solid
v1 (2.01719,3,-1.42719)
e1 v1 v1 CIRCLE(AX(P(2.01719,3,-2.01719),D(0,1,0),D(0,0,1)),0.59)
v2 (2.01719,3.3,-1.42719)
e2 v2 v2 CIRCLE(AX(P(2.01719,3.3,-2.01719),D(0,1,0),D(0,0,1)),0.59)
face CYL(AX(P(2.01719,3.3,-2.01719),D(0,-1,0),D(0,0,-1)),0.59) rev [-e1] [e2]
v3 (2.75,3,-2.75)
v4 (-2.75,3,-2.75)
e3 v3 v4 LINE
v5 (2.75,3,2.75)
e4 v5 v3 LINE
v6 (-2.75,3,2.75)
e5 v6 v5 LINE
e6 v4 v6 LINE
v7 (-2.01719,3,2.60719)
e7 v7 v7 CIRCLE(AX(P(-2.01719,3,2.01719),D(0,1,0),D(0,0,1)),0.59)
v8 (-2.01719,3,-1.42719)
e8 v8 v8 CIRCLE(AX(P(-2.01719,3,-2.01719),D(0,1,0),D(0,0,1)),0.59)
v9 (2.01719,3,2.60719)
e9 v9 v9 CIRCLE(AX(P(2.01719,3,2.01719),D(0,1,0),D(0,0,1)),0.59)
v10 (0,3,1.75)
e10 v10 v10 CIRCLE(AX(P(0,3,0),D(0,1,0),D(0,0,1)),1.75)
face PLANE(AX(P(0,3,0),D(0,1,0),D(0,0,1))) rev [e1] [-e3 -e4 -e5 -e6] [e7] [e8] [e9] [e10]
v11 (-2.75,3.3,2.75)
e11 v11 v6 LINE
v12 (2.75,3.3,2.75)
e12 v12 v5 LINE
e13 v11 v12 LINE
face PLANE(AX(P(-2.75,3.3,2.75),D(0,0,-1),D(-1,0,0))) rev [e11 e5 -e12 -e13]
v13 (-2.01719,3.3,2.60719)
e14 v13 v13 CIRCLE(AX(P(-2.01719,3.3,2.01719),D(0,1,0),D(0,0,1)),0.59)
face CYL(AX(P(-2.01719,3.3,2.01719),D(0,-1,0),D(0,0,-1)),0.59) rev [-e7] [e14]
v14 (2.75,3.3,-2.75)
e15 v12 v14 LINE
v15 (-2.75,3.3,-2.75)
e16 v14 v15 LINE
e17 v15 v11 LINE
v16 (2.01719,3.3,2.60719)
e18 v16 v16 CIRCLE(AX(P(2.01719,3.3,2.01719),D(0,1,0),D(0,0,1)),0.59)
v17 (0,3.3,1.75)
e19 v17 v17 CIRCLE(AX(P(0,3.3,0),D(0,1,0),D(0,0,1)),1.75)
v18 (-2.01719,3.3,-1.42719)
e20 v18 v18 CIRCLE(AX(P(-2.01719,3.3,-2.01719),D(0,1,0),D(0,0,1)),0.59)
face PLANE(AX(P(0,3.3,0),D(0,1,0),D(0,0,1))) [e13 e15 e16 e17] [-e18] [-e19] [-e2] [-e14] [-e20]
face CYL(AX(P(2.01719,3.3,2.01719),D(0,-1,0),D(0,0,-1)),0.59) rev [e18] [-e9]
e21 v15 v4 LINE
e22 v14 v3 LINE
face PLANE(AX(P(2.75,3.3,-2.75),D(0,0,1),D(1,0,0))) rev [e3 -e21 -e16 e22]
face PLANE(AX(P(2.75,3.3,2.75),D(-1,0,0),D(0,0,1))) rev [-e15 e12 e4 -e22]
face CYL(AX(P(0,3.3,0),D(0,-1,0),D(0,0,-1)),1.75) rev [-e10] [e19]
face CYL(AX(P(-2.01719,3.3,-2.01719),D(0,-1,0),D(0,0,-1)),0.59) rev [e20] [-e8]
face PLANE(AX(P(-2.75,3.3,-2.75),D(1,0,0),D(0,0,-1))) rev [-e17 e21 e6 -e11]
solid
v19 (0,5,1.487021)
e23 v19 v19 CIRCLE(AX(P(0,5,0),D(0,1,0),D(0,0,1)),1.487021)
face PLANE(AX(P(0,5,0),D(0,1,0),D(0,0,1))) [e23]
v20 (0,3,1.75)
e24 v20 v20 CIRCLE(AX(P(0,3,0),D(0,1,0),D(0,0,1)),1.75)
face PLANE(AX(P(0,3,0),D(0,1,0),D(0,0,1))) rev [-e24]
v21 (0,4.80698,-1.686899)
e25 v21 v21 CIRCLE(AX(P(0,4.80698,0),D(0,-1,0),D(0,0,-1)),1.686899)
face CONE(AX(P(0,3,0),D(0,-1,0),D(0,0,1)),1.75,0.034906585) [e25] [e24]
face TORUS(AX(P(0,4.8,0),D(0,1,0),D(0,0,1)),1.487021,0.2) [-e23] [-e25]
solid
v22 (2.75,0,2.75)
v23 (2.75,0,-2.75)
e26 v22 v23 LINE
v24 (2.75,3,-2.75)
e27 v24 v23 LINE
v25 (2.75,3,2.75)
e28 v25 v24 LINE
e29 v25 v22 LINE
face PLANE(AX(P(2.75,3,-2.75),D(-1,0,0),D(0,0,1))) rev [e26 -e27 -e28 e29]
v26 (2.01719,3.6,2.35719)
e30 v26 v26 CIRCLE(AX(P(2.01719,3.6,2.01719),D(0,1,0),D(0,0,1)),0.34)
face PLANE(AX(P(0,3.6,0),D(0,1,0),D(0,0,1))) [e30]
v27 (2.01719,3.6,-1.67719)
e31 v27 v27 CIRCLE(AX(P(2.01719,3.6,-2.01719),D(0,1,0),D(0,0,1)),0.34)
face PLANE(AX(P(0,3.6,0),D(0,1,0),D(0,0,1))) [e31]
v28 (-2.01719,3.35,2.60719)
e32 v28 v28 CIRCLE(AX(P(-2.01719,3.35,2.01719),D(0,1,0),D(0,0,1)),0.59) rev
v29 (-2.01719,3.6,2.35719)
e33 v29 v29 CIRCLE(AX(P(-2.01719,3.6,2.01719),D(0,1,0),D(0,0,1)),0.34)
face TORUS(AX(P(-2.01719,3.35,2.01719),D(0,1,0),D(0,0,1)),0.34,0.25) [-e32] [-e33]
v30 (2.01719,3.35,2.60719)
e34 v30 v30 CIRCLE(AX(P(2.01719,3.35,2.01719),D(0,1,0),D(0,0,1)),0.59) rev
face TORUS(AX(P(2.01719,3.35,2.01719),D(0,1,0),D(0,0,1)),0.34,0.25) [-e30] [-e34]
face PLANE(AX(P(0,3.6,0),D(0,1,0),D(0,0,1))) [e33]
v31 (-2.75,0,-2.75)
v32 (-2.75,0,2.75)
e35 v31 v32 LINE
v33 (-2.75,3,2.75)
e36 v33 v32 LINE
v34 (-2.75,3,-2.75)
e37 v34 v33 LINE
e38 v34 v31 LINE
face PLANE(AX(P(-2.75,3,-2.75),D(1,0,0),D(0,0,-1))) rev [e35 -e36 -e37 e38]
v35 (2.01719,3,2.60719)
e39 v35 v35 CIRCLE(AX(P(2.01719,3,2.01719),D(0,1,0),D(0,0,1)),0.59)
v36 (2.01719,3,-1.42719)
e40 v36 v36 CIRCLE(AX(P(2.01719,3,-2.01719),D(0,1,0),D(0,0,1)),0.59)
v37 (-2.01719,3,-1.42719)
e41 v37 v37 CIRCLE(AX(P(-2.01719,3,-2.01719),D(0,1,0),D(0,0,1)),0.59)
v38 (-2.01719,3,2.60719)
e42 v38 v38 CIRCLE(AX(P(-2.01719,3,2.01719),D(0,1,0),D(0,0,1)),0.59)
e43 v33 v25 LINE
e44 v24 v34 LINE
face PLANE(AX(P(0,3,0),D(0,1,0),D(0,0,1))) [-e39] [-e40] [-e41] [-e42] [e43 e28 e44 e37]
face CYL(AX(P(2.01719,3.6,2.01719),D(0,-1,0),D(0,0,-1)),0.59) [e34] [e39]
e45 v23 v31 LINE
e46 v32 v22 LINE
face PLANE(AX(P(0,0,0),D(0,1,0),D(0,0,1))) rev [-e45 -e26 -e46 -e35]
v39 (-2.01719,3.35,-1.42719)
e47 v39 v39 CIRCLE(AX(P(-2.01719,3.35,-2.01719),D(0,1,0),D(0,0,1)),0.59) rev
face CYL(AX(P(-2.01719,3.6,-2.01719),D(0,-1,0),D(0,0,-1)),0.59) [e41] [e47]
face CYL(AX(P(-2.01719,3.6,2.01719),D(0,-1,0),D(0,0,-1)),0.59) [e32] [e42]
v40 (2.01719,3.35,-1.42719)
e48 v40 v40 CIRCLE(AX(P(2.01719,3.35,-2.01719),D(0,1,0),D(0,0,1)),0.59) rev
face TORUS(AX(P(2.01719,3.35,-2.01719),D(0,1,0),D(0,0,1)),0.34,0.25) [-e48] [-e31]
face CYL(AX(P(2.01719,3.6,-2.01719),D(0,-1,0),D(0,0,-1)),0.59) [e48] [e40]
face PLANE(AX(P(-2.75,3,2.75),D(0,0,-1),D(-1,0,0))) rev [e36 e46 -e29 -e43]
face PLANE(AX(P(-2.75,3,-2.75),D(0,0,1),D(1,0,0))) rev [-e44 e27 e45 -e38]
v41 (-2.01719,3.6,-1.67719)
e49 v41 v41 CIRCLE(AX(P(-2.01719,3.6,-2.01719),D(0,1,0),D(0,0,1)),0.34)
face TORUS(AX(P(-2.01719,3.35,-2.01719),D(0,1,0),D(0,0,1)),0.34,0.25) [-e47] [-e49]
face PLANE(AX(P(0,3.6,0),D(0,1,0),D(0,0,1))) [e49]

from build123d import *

# Parameters (mm, degrees)
SKETCH1_W           = 5.5
SKETCH1_H           = 5.5
BOSS_EXTRUDE1_DEPTH = 3
SKETCH2_W           = 5.5
SKETCH2_H           = 5.5
SKETCH2_R           = 1.75
SKETCH2_R_2         = 0.59
BOSS_EXTRUDE2_DEPTH = 0.3
SKETCH2_2_R         = 0.59
BOSS_EXTRUDE3_DEPTH = 0.6
SKETCH2_3_R         = 1.75
BOSS_EXTRUDE4_DEPTH = 2
BOSS_EXTRUDE4_TAPER = 2
FILLET1_R           = 0.25
FILLET2_R           = 0.2


with BuildPart() as part:
    # Sketch1 → Boss-Extrude1 (new body)
    with BuildSketch(Plane(origin=(0, 0, 0), x_dir=(1, 0, 0), z_dir=(0, 1, 0))):
        Rectangle(SKETCH1_W, SKETCH1_H)
    extrude(amount=BOSS_EXTRUDE1_DEPTH)

    # Sketch2<2> → Boss-Extrude3 (add)
    with BuildSketch(Plane(origin=(0, 3, 0), x_dir=(1, 0, 0), z_dir=(0, 1, 0))):
        with Locations((-2.017190272, 2.017190272)):
            Circle(SKETCH2_2_R)
        with Locations((2.017190272, 2.017190272)):
            Circle(SKETCH2_2_R)
        with Locations((2.017190272, -2.017190272)):
            Circle(SKETCH2_2_R)
        with Locations((-2.017190272, -2.017190272)):
            Circle(SKETCH2_2_R)
    extrude(amount=BOSS_EXTRUDE3_DEPTH)

    # Fillet1
    fillet1_edges = [part.edges().sort_by_distance(p)[0] for p in [
        (1.427190272, 3.6, -2.017190272),
        (1.427190272, 3.6, 2.017190272),
        (-2.607190272, 3.6, 2.017190272),
        (-2.607190272, 3.6, -2.017190272),
    ]]
    fillet(fillet1_edges, radius=FILLET1_R)


with BuildPart() as body_2:
    # Sketch2 → Boss-Extrude2 (new body)
    with BuildSketch(Plane(origin=(0, 3, 0), x_dir=(1, 0, 0), z_dir=(0, 1, 0))):
        Rectangle(SKETCH2_W, SKETCH2_H)
        Circle(SKETCH2_R, mode=Mode.SUBTRACT)
        with Locations((-2.017190272, 2.017190272)):
            Circle(SKETCH2_R_2, mode=Mode.SUBTRACT)
        with Locations((2.017190272, 2.017190272)):
            Circle(SKETCH2_R_2, mode=Mode.SUBTRACT)
        with Locations((2.017190272, -2.017190272)):
            Circle(SKETCH2_R_2, mode=Mode.SUBTRACT)
        with Locations((-2.017190272, -2.017190272)):
            Circle(SKETCH2_R_2, mode=Mode.SUBTRACT)
    extrude(amount=BOSS_EXTRUDE2_DEPTH)


with BuildPart() as body_3:
    # Sketch2<3> → Boss-Extrude4 (new body)
    with BuildSketch(Plane(origin=(0, 3, 0), x_dir=(1, 0, 0), z_dir=(0, 1, 0))):
        Circle(SKETCH2_3_R)
    extrude(amount=BOSS_EXTRUDE4_DEPTH, taper=BOSS_EXTRUDE4_TAPER)

    # Fillet2
    fillet2_edges = [body_3.edges().sort_by_distance(p)[0] for p in [
        (-1.680158461, 5, 0),
    ]]
    fillet(fillet2_edges, radius=FILLET2_R)


solid = Compound([part.part, body_2.part, body_3.part])
